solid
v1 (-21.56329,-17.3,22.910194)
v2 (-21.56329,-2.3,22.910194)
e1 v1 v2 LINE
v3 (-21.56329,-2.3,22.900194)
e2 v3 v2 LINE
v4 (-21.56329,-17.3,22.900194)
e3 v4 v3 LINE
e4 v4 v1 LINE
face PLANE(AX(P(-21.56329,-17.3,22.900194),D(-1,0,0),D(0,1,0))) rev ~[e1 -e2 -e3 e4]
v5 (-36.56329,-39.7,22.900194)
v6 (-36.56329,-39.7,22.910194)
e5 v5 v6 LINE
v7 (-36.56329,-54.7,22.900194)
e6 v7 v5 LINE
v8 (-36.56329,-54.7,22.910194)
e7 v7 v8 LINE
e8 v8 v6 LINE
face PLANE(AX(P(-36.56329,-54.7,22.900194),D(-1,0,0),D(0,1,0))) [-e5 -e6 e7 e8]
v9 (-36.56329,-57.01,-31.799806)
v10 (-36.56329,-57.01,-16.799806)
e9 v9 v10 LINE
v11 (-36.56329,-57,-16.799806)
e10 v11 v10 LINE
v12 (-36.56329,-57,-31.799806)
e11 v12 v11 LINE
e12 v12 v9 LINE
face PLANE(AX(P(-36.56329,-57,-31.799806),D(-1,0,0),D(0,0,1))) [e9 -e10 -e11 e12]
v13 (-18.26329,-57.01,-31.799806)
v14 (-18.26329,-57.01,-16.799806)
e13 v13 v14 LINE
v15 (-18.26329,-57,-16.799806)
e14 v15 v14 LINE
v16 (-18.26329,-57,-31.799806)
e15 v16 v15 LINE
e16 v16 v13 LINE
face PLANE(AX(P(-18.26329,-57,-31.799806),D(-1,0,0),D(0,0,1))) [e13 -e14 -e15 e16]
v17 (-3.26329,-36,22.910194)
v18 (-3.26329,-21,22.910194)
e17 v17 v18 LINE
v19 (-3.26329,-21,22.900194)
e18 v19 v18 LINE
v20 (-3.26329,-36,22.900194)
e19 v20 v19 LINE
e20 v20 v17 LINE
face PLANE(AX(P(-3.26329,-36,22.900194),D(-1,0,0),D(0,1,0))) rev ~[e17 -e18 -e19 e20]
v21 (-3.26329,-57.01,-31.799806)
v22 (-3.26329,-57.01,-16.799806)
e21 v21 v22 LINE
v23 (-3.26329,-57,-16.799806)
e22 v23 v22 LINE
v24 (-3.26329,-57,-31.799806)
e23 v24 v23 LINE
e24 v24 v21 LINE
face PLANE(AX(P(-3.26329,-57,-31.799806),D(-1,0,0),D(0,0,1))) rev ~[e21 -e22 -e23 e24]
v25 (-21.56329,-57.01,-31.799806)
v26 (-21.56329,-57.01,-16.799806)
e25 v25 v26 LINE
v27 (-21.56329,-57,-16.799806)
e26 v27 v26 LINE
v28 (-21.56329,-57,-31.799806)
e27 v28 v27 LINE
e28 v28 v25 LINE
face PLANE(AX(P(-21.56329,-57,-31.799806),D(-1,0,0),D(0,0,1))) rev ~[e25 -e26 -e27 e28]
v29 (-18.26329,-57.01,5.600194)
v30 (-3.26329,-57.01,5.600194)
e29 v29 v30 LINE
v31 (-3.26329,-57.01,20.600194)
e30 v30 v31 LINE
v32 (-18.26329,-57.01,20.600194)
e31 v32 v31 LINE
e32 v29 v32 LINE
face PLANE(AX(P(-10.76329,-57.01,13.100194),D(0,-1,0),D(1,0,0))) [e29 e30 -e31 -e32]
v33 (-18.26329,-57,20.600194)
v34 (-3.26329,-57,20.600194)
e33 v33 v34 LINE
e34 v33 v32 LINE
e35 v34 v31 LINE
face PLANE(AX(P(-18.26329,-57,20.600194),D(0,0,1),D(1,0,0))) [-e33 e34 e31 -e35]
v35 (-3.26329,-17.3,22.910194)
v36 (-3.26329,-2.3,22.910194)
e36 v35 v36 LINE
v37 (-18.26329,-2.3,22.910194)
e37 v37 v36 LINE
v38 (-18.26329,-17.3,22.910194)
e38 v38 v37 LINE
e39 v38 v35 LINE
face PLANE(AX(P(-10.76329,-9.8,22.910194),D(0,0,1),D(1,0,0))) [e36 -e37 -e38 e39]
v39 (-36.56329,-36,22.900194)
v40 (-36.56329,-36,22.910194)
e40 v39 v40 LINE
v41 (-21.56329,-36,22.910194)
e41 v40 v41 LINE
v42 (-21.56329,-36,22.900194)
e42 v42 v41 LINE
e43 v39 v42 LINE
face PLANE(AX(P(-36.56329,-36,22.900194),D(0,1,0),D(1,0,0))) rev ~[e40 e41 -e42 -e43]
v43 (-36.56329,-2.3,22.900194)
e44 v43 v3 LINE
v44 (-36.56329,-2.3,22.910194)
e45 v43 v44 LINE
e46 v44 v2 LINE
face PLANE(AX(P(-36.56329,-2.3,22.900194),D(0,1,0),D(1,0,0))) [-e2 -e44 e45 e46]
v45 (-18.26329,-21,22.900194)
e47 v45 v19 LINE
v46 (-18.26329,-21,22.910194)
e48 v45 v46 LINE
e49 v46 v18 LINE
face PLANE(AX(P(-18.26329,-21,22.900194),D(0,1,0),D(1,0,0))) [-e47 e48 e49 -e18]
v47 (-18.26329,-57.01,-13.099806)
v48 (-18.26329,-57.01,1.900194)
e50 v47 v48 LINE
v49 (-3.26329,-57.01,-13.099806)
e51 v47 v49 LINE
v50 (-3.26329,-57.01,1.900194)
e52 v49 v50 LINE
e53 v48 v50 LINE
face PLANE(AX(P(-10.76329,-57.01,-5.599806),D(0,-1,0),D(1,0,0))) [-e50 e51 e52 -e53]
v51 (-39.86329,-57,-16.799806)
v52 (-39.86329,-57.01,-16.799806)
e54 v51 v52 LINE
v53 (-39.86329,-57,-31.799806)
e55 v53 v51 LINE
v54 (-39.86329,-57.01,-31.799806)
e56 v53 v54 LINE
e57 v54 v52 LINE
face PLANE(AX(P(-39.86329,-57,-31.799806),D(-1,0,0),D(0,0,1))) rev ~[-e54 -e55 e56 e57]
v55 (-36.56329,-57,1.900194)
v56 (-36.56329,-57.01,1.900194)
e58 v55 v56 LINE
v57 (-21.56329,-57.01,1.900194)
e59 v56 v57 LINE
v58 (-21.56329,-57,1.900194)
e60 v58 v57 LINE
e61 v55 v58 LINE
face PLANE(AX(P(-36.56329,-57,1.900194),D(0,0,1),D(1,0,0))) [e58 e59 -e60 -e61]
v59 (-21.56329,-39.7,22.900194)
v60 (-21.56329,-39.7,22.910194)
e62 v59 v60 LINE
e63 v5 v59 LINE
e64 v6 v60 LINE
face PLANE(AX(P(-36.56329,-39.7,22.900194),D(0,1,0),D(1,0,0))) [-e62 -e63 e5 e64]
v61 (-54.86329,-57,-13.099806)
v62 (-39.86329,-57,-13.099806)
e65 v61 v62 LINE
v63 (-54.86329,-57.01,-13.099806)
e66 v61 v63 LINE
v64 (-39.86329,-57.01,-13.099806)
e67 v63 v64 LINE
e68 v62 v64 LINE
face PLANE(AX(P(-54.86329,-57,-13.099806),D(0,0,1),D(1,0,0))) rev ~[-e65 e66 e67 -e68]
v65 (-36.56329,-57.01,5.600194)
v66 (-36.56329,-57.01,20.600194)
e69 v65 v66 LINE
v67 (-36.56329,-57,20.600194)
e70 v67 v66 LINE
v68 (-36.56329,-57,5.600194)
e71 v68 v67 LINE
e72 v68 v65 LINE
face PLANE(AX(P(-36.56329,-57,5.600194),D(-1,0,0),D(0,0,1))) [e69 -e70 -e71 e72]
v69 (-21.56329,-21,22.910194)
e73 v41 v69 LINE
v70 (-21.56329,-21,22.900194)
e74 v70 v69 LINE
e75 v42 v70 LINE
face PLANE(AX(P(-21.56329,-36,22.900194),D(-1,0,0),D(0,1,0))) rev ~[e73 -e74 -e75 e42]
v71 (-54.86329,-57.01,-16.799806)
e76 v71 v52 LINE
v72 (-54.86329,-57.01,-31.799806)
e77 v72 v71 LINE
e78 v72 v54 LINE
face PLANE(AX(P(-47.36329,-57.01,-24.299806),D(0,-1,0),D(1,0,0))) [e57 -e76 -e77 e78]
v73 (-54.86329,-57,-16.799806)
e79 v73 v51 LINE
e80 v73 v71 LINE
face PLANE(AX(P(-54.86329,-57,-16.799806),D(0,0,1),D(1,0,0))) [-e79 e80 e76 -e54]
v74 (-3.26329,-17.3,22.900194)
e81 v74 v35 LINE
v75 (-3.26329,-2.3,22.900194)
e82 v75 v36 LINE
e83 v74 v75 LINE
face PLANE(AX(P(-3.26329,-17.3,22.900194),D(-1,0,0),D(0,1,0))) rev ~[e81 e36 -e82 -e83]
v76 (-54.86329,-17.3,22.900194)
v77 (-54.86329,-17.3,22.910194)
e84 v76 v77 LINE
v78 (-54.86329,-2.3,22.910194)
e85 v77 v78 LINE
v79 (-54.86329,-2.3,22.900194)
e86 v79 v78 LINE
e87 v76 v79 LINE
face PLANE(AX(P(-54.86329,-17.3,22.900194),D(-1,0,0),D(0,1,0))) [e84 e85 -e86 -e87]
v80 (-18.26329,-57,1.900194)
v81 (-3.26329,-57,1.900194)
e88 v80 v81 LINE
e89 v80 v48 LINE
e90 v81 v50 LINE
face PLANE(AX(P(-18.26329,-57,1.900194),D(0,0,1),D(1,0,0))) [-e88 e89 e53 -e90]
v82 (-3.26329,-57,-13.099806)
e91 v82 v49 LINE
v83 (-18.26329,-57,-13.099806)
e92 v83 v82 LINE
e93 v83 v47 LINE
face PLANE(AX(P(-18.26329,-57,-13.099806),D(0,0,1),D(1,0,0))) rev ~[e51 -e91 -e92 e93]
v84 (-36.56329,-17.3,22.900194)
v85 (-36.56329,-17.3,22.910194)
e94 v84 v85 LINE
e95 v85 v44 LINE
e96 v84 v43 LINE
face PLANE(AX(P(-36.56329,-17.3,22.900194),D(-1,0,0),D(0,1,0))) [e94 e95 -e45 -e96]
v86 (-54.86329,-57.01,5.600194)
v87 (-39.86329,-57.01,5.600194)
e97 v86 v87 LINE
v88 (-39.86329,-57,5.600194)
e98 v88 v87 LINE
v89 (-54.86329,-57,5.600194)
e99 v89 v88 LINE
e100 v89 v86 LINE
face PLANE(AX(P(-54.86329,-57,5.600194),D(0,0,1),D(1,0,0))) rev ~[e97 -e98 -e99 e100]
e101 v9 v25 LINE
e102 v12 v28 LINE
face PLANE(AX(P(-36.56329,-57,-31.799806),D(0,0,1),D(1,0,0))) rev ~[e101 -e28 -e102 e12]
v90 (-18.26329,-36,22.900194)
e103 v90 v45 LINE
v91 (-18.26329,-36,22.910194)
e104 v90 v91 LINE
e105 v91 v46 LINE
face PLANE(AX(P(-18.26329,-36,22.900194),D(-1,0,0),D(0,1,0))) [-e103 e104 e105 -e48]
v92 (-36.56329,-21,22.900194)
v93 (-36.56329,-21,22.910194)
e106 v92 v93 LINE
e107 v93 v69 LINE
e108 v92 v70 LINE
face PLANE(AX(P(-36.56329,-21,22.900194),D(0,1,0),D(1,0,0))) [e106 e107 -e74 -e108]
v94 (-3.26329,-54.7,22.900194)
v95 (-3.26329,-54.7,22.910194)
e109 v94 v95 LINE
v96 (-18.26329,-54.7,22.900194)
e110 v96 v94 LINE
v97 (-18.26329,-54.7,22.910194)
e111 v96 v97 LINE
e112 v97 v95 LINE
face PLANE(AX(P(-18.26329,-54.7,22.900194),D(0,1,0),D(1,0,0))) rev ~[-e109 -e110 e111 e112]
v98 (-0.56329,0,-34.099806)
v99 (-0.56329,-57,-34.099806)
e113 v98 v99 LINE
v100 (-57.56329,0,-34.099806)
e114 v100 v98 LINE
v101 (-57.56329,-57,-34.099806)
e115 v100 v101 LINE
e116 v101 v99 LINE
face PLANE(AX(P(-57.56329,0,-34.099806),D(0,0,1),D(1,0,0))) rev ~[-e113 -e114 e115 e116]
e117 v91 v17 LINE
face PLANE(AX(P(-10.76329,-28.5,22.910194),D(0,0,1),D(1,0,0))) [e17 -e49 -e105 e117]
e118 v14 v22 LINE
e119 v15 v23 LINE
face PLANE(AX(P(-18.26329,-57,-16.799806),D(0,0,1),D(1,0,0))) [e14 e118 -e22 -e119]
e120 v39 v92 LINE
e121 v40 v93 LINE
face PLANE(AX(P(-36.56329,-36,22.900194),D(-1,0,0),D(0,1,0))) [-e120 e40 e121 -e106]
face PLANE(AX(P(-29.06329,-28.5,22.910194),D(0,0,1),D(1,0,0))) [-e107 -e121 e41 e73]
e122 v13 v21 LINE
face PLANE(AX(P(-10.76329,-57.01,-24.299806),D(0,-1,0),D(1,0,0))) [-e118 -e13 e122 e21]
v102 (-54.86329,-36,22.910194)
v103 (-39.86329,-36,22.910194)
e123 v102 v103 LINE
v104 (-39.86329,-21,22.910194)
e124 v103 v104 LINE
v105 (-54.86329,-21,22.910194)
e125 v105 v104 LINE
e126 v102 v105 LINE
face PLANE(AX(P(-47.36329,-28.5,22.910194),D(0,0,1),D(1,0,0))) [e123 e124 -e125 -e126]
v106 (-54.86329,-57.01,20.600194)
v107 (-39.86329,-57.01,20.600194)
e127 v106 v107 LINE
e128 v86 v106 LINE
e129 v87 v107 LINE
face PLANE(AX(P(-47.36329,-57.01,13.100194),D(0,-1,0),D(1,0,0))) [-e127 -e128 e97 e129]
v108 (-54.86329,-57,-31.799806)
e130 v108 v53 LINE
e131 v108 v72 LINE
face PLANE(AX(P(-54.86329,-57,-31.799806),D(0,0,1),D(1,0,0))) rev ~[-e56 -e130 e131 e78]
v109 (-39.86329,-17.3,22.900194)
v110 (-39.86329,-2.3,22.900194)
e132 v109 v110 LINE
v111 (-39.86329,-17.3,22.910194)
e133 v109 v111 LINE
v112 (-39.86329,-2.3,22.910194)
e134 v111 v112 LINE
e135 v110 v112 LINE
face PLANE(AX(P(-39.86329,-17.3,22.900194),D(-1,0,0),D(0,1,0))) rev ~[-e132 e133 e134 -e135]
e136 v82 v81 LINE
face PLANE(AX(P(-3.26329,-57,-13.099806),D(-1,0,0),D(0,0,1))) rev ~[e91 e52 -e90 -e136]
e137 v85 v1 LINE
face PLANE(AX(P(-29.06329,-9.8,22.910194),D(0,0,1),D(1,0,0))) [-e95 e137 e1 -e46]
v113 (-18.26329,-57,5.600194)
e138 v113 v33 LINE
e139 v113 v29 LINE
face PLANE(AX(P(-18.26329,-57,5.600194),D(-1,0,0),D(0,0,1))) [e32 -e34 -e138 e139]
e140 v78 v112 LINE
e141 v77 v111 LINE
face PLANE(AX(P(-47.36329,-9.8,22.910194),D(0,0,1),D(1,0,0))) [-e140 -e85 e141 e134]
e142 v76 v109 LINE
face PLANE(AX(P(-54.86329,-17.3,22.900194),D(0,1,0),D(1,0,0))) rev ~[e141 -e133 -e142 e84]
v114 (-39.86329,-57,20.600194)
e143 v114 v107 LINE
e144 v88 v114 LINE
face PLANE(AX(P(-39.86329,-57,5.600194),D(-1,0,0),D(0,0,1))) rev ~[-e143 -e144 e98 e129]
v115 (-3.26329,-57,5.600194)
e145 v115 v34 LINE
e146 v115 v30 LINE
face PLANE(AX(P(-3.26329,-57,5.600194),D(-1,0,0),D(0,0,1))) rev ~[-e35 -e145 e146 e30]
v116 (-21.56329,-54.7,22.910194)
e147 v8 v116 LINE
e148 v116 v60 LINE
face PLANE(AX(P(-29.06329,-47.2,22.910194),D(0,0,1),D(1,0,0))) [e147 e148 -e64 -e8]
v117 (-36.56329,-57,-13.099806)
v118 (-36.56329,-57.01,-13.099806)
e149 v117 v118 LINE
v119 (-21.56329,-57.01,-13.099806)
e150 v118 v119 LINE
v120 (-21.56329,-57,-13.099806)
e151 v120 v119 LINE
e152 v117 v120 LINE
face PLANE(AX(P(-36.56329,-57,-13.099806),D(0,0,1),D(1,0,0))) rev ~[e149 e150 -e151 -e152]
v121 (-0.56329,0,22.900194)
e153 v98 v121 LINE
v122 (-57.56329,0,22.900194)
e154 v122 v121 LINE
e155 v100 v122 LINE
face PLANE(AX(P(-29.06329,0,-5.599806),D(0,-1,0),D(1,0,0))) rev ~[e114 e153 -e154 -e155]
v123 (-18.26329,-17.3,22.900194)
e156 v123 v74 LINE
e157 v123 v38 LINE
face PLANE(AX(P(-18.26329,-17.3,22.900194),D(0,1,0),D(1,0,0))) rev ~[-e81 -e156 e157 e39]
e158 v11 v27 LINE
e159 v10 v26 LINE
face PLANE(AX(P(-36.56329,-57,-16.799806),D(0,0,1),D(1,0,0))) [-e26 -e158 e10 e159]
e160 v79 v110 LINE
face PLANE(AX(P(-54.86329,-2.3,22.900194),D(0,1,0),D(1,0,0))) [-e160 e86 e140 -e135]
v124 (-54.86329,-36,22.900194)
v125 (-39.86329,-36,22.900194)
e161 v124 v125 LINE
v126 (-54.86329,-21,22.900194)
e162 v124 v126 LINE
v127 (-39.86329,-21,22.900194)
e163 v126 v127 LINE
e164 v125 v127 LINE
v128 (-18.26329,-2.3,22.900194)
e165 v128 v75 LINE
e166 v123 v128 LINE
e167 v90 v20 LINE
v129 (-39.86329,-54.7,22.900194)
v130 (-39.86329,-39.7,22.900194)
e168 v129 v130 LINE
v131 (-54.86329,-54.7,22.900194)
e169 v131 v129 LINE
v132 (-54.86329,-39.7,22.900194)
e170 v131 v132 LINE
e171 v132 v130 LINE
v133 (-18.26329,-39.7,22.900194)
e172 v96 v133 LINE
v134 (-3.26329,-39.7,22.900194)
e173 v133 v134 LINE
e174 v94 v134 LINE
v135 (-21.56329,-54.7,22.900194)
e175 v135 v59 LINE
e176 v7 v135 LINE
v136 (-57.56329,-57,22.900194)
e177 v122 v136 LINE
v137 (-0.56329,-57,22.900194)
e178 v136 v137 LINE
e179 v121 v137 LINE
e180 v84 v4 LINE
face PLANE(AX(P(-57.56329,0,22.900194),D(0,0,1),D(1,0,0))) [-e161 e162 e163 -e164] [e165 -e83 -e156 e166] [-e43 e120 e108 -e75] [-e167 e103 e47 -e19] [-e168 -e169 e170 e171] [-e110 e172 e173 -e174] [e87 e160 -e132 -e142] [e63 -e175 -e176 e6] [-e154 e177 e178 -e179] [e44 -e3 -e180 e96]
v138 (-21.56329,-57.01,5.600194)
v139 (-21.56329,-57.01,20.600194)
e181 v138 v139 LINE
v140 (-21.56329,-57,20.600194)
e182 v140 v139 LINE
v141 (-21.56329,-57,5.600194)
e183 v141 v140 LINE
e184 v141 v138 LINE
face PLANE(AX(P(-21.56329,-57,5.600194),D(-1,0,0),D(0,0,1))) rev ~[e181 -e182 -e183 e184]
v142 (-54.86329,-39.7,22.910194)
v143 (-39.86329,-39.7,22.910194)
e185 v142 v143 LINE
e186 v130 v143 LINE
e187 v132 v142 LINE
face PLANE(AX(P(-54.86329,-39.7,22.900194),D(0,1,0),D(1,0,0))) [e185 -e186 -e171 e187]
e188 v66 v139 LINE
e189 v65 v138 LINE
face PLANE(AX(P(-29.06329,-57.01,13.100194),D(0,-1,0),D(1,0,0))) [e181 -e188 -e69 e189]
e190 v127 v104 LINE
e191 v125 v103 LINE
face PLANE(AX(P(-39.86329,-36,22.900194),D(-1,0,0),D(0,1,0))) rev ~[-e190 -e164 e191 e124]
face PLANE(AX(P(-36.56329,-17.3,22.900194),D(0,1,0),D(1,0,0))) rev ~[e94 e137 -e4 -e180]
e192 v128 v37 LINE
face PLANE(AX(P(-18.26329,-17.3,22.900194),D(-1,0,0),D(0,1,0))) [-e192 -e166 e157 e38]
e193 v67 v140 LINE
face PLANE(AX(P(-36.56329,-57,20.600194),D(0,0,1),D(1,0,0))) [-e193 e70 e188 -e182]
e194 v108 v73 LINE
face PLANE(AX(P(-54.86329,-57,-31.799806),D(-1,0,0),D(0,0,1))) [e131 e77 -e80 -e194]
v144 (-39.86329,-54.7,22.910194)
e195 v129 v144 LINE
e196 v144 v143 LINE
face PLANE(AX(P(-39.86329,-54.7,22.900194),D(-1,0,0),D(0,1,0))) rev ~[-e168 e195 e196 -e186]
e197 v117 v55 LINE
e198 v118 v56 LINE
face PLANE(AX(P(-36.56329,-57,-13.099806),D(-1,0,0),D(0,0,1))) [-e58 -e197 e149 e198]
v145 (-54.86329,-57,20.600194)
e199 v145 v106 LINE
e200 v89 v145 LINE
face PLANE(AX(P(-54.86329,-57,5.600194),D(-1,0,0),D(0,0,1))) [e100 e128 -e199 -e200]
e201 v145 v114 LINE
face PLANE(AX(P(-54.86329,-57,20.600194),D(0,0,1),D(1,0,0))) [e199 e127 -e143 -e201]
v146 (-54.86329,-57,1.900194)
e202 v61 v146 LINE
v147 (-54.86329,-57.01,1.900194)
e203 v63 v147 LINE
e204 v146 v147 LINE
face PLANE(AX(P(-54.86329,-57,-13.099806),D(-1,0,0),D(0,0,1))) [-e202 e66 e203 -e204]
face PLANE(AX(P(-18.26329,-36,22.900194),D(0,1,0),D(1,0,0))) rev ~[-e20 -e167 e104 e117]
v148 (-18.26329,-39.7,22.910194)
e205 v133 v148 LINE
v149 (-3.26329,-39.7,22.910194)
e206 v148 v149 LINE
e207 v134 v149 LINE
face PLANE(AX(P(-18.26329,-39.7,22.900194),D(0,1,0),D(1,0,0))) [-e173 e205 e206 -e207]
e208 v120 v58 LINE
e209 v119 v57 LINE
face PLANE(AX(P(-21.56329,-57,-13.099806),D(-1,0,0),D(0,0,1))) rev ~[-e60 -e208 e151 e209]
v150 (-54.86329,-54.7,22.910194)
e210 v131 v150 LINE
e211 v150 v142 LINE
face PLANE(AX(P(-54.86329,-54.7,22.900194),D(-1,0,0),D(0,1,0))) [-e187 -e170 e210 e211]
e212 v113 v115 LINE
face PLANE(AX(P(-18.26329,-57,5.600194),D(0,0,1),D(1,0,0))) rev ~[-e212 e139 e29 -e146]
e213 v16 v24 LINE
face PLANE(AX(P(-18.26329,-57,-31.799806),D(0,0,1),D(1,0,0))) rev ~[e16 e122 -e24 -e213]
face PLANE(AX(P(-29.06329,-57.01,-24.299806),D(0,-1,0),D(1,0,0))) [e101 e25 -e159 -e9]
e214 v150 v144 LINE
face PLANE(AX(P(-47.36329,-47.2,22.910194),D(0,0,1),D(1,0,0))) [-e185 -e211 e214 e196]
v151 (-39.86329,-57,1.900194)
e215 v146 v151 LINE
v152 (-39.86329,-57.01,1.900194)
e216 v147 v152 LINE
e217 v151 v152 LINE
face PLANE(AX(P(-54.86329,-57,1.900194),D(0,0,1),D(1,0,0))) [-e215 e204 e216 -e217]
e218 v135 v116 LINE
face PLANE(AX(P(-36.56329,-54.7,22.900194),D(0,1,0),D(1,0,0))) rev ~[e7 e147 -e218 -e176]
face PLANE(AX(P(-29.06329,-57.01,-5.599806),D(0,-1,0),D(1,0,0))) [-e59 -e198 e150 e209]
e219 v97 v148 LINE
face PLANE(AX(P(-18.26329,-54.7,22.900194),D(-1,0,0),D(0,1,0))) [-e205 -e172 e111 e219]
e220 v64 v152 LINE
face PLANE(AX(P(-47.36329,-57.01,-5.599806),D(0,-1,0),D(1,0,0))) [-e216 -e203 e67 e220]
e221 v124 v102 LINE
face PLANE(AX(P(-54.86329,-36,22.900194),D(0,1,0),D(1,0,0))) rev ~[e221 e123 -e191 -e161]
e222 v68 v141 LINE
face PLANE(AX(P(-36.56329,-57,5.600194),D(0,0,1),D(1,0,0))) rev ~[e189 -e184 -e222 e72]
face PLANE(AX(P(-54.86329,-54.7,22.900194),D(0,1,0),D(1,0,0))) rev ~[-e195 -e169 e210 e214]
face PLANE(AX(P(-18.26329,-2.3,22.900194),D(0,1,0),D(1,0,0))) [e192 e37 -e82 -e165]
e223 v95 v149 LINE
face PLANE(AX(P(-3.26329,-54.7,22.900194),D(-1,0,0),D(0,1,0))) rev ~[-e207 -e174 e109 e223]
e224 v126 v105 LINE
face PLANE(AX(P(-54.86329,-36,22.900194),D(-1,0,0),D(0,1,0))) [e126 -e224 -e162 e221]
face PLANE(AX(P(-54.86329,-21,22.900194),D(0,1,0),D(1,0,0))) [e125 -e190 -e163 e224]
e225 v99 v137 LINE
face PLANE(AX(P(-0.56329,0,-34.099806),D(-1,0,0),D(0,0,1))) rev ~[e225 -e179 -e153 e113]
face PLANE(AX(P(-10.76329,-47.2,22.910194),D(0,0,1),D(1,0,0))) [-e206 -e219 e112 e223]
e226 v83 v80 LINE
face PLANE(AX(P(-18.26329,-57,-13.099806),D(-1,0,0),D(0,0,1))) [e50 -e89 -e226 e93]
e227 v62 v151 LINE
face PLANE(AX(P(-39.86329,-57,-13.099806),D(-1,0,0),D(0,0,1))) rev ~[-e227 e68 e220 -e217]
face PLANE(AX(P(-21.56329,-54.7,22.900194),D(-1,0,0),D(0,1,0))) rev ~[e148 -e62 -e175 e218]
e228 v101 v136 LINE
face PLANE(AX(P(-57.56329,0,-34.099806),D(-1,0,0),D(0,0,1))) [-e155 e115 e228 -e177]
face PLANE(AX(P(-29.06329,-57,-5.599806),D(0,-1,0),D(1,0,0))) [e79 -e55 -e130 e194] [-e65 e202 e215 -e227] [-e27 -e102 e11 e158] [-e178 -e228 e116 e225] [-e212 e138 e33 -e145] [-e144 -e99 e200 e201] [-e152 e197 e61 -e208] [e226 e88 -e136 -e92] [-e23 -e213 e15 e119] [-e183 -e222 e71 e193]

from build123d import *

# Parameters (mm, degrees)
F0_W     = 57
F0_H     = 57
F1_DEPTH = 57
F2_W     = 15
F2_H     = 15
F3_DEPTH = 0.01
F4_W     = 15
F4_H     = 15
F5_DEPTH = 0.01


with BuildPart() as f1:
    # F0 (on Front) → F1 (new body)
    with BuildSketch(Plane.XZ):
        with Locations((-29.06329, -5.599806)):
            Rectangle(F0_W, F0_H)
    extrude(amount=F1_DEPTH)

    # F2 (on face) → F3 (join)
    with BuildSketch(Plane.XY.offset(22.900194)):
        with Locations((-10.76329, -9.8)):
            Rectangle(F2_W, F2_H)
        with Locations((-10.76329, -28.5)):
            Rectangle(F2_W, F2_H)
        with Locations((-10.76329, -47.2)):
            Rectangle(F2_W, F2_H)
        with Locations((-29.06329, -47.2)):
            Rectangle(F2_W, F2_H)
        with Locations((-29.06329, -28.5)):
            Rectangle(F2_W, F2_H)
        with Locations((-29.06329, -9.8)):
            Rectangle(F2_W, F2_H)
        with Locations((-47.36329, -47.2)):
            Rectangle(F2_W, F2_H)
        with Locations((-47.36329, -28.5)):
            Rectangle(F2_W, F2_H)
        with Locations((-47.36329, -9.8)):
            Rectangle(F2_W, F2_H)
    extrude(amount=F3_DEPTH)

    # F4 (on face) → F5 (join)
    with BuildSketch(Plane.XZ.offset(57)):
        with Locations((-10.76329, 13.100194)):
            Rectangle(F4_W, F4_H)
        with Locations((-10.76329, -5.599806)):
            Rectangle(F4_W, F4_H)
        with Locations((-10.76329, -24.299806)):
            Rectangle(F4_W, F4_H)
        with Locations((-29.06329, -24.299806)):
            Rectangle(F4_W, F4_H)
        with Locations((-29.06329, -5.599806)):
            Rectangle(F4_W, F4_H)
        with Locations((-29.06329, 13.100194)):
            Rectangle(F4_W, F4_H)
        with Locations((-47.36329, -24.299806)):
            Rectangle(F4_W, F4_H)
        with Locations((-47.36329, -5.599806)):
            Rectangle(F4_W, F4_H)
        with Locations((-47.36329, 13.100194)):
            Rectangle(F4_W, F4_H)
    extrude(amount=F5_DEPTH)


solid = f1.part
